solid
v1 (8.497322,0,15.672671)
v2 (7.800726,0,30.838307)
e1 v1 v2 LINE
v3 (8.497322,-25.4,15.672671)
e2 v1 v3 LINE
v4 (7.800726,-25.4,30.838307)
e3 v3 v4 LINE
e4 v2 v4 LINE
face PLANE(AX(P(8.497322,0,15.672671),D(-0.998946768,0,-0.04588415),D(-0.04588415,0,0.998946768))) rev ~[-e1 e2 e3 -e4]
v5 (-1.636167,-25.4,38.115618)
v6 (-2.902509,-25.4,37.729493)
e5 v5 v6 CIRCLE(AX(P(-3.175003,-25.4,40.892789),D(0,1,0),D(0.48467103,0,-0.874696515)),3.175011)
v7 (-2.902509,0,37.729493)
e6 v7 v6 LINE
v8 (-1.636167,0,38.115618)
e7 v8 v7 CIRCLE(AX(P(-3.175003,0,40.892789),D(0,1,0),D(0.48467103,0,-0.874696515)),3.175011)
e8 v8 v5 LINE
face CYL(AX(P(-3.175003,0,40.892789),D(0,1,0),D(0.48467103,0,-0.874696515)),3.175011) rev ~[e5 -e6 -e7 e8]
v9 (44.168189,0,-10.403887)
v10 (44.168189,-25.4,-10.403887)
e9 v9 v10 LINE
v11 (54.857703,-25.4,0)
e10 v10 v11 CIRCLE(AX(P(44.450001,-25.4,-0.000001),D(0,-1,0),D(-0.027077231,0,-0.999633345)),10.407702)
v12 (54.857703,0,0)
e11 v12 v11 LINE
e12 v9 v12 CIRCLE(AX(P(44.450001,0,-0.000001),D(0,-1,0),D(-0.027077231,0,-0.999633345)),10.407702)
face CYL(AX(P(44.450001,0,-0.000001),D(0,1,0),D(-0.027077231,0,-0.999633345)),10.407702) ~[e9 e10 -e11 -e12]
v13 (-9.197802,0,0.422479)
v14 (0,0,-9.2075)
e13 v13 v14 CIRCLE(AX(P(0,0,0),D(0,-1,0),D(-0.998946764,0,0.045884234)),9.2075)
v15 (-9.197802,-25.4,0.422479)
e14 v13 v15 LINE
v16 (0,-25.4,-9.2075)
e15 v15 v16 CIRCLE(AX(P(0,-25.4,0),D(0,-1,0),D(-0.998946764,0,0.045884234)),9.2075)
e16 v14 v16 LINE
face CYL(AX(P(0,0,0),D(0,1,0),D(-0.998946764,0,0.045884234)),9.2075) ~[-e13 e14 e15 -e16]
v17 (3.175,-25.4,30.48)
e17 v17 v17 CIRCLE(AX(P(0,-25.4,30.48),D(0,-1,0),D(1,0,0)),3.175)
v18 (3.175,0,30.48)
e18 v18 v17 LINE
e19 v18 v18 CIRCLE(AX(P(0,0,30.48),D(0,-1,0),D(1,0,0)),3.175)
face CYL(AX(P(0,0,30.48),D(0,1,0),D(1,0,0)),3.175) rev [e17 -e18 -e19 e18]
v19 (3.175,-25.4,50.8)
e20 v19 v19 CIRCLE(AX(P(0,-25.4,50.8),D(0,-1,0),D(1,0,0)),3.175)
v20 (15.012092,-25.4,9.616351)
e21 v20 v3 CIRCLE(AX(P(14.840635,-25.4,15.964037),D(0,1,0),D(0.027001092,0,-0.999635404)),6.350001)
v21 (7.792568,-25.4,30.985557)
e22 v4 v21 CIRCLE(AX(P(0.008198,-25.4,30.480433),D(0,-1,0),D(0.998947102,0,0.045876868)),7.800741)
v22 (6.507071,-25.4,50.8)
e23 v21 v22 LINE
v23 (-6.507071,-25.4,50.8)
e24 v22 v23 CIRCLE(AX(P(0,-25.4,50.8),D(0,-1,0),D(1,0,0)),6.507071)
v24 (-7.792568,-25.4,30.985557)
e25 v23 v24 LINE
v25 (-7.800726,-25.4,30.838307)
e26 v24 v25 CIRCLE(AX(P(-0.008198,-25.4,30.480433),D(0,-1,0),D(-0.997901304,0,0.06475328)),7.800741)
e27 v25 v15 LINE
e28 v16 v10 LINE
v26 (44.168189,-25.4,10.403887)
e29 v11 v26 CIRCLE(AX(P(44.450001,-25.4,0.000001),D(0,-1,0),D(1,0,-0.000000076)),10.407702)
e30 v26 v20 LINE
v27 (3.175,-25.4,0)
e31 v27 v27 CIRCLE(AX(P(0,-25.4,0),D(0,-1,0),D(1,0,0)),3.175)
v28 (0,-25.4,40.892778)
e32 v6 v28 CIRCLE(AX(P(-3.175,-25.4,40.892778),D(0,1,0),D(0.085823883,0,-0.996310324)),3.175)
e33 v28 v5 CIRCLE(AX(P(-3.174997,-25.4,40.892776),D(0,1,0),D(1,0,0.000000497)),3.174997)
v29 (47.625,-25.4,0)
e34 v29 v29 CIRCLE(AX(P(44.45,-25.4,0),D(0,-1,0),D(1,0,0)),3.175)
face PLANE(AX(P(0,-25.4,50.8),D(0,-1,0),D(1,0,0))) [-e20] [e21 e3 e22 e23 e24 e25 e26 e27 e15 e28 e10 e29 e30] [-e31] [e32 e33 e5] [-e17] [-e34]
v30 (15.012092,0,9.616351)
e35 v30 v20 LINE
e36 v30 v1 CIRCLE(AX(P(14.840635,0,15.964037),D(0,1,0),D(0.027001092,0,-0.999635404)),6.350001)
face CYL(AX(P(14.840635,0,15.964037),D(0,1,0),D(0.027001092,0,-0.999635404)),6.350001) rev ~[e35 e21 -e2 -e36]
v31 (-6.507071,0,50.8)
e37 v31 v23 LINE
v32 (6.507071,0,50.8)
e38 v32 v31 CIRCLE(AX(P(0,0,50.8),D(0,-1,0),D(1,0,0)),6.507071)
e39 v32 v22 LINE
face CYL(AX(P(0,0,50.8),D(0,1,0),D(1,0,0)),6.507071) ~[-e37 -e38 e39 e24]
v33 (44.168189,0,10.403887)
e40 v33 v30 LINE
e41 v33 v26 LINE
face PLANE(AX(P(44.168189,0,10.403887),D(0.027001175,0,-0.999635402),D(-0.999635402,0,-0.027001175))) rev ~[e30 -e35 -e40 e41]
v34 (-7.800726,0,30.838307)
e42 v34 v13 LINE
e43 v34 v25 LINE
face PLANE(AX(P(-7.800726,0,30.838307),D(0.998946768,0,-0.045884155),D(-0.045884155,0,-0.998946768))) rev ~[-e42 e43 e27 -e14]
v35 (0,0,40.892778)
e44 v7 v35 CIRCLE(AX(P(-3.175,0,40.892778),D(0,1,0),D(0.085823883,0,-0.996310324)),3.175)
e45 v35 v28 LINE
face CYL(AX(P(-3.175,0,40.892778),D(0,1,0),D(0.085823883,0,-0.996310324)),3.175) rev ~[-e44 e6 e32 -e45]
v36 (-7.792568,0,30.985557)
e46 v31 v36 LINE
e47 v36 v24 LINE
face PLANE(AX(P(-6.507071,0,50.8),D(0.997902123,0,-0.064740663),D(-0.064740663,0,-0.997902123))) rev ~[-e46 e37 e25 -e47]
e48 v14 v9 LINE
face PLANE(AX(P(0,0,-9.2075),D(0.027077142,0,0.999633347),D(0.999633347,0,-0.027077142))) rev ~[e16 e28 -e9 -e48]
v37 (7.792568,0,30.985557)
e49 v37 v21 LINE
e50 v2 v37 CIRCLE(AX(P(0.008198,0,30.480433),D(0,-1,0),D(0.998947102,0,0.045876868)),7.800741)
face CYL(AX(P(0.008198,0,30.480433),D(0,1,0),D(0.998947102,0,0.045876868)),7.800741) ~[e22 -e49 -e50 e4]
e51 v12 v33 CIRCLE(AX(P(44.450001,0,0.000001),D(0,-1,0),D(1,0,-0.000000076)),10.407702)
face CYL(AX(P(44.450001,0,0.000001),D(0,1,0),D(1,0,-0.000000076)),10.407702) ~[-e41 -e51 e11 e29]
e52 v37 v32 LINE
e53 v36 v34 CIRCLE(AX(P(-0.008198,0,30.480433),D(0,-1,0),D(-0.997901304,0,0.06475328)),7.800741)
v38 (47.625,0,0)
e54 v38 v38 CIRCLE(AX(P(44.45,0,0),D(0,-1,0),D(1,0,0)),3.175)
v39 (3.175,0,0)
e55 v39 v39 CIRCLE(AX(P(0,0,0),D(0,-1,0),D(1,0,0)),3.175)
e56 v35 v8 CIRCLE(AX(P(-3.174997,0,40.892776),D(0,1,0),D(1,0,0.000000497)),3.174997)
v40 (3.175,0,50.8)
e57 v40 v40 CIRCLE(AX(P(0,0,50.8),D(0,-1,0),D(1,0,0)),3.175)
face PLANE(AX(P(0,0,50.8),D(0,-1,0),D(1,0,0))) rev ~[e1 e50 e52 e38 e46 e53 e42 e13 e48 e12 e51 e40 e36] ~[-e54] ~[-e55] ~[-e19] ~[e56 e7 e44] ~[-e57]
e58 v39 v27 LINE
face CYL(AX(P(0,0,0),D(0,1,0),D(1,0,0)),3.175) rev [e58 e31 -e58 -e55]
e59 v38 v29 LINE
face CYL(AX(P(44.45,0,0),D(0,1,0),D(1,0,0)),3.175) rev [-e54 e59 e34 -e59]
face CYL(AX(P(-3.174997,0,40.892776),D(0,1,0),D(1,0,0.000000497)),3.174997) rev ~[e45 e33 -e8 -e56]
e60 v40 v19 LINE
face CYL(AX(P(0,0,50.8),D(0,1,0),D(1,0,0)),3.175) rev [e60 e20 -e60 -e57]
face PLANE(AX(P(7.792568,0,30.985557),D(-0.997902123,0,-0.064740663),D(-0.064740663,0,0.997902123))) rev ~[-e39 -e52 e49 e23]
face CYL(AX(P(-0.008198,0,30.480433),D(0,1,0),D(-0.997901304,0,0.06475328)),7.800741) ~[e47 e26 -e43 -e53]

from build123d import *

# Parameters (mm, degrees)
F0_R     = 3.175
F1_DEPTH = 25.4


with BuildPart() as f1:
    # F0 (on Front) → F1 (new body)
    with BuildSketch(Plane.XZ):
        with BuildLine():
            ThreePointArc((-6.507071, 50.8), (0, 44.292929), (6.507071, 50.8))
            ThreePointArc((6.507071, 50.8), (0, 57.307071), (-6.507071, 50.8))
        make_face()
        with Locations((0, 50.8)):
            Circle(F0_R, mode=Mode.SUBTRACT)
        with BuildLine():
            ThreePointArc((9.2075, 0), (0.211295, 9.205075), (-9.197802, 0.422479))
            ThreePointArc((-9.197802, 0.422479), (-6.658379, -6.359563), (0, -9.2075))
            ThreePointArc((0, -9.2075), (6.510686, -6.510686), (9.2075, 0))
        make_face()
        Circle(F0_R, mode=Mode.SUBTRACT)
        with BuildLine():
            ThreePointArc((54.857703, 0), (51.709039, 7.458327), (44.168189, 10.403887))
            ThreePointArc((44.168189, 10.403887), (34.042297, 0), (44.168189, -10.403887))
            ThreePointArc((44.168189, -10.403887), (51.709039, -7.458327), (54.857703, 0))
        make_face()
        with Locations((44.45, 0)):
            Circle(F0_R, mode=Mode.SUBTRACT)
        with BuildLine():
            Line((7.792568, 30.985557), (6.507071, 50.8))
            ThreePointArc((6.507071, 50.8), (0, 44.292929), (-6.507071, 50.8))
            Line((-6.507071, 50.8), (-7.792568, 30.985557))
            ThreePointArc((-7.792568, 30.985557), (-6.321894, 35.064034), (-2.902509, 37.729493))
            ThreePointArc((-2.902509, 37.729493), (-5.514421, 43.039341), (0, 40.892778))
            ThreePointArc((0, 40.892778), (-0.439454, 39.281128), (-1.636167, 38.115618))
            ThreePointArc((-1.636167, 38.115618), (4.71007, 36.708559), (7.792568, 30.985557))
        make_face()
        with BuildLine():
            ThreePointArc((7.800726, 30.838307), (7.796995, 30.911951), (7.792568, 30.985557))
            ThreePointArc((7.792568, 30.985557), (4.71007, 36.708559), (-1.636167, 38.115618))
            ThreePointArc((-1.636167, 38.115618), (-2.248989, 37.855818), (-2.902509, 37.729493))
            ThreePointArc((-2.902509, 37.729493), (-6.321894, 35.064034), (-7.792568, 30.985557))
            ThreePointArc((-7.792568, 30.985557), (-7.796995, 30.911951), (-7.800726, 30.838307))
            ThreePointArc((-7.800726, 30.838307), (-0.179201, 22.673106), (7.80895, 30.48))
            ThreePointArc((7.80895, 30.48), (7.806894, 30.659201), (7.800726, 30.838307))
        make_face()
        with Locations((0, 30.48)):
            Circle(F0_R, mode=Mode.SUBTRACT)
        with BuildLine():
            Line((8.497322, 15.672671), (7.800726, 30.838307))
            ThreePointArc((7.800726, 30.838307), (7.806894, 30.659201), (7.80895, 30.48))
            ThreePointArc((7.80895, 30.48), (-0.179201, 22.673106), (-7.800726, 30.838307))
            Line((-7.800726, 30.838307), (-9.197802, 0.422479))
            ThreePointArc((-9.197802, 0.422479), (0.211295, 9.205075), (9.2075, 0))
            ThreePointArc((9.2075, 0), (6.510686, -6.510686), (0, -9.2075))
            Line((0, -9.2075), (44.168189, -10.403887))
            ThreePointArc((44.168189, -10.403887), (34.042297, 0), (44.168189, 10.403887))
            Line((44.168189, 10.403887), (15.012092, 9.616351))
            ThreePointArc((15.012092, 9.616351), (10.517129, 11.313251), (8.497322, 15.672671))
        make_face()
    extrude(amount=F1_DEPTH)


solid = f1.part
